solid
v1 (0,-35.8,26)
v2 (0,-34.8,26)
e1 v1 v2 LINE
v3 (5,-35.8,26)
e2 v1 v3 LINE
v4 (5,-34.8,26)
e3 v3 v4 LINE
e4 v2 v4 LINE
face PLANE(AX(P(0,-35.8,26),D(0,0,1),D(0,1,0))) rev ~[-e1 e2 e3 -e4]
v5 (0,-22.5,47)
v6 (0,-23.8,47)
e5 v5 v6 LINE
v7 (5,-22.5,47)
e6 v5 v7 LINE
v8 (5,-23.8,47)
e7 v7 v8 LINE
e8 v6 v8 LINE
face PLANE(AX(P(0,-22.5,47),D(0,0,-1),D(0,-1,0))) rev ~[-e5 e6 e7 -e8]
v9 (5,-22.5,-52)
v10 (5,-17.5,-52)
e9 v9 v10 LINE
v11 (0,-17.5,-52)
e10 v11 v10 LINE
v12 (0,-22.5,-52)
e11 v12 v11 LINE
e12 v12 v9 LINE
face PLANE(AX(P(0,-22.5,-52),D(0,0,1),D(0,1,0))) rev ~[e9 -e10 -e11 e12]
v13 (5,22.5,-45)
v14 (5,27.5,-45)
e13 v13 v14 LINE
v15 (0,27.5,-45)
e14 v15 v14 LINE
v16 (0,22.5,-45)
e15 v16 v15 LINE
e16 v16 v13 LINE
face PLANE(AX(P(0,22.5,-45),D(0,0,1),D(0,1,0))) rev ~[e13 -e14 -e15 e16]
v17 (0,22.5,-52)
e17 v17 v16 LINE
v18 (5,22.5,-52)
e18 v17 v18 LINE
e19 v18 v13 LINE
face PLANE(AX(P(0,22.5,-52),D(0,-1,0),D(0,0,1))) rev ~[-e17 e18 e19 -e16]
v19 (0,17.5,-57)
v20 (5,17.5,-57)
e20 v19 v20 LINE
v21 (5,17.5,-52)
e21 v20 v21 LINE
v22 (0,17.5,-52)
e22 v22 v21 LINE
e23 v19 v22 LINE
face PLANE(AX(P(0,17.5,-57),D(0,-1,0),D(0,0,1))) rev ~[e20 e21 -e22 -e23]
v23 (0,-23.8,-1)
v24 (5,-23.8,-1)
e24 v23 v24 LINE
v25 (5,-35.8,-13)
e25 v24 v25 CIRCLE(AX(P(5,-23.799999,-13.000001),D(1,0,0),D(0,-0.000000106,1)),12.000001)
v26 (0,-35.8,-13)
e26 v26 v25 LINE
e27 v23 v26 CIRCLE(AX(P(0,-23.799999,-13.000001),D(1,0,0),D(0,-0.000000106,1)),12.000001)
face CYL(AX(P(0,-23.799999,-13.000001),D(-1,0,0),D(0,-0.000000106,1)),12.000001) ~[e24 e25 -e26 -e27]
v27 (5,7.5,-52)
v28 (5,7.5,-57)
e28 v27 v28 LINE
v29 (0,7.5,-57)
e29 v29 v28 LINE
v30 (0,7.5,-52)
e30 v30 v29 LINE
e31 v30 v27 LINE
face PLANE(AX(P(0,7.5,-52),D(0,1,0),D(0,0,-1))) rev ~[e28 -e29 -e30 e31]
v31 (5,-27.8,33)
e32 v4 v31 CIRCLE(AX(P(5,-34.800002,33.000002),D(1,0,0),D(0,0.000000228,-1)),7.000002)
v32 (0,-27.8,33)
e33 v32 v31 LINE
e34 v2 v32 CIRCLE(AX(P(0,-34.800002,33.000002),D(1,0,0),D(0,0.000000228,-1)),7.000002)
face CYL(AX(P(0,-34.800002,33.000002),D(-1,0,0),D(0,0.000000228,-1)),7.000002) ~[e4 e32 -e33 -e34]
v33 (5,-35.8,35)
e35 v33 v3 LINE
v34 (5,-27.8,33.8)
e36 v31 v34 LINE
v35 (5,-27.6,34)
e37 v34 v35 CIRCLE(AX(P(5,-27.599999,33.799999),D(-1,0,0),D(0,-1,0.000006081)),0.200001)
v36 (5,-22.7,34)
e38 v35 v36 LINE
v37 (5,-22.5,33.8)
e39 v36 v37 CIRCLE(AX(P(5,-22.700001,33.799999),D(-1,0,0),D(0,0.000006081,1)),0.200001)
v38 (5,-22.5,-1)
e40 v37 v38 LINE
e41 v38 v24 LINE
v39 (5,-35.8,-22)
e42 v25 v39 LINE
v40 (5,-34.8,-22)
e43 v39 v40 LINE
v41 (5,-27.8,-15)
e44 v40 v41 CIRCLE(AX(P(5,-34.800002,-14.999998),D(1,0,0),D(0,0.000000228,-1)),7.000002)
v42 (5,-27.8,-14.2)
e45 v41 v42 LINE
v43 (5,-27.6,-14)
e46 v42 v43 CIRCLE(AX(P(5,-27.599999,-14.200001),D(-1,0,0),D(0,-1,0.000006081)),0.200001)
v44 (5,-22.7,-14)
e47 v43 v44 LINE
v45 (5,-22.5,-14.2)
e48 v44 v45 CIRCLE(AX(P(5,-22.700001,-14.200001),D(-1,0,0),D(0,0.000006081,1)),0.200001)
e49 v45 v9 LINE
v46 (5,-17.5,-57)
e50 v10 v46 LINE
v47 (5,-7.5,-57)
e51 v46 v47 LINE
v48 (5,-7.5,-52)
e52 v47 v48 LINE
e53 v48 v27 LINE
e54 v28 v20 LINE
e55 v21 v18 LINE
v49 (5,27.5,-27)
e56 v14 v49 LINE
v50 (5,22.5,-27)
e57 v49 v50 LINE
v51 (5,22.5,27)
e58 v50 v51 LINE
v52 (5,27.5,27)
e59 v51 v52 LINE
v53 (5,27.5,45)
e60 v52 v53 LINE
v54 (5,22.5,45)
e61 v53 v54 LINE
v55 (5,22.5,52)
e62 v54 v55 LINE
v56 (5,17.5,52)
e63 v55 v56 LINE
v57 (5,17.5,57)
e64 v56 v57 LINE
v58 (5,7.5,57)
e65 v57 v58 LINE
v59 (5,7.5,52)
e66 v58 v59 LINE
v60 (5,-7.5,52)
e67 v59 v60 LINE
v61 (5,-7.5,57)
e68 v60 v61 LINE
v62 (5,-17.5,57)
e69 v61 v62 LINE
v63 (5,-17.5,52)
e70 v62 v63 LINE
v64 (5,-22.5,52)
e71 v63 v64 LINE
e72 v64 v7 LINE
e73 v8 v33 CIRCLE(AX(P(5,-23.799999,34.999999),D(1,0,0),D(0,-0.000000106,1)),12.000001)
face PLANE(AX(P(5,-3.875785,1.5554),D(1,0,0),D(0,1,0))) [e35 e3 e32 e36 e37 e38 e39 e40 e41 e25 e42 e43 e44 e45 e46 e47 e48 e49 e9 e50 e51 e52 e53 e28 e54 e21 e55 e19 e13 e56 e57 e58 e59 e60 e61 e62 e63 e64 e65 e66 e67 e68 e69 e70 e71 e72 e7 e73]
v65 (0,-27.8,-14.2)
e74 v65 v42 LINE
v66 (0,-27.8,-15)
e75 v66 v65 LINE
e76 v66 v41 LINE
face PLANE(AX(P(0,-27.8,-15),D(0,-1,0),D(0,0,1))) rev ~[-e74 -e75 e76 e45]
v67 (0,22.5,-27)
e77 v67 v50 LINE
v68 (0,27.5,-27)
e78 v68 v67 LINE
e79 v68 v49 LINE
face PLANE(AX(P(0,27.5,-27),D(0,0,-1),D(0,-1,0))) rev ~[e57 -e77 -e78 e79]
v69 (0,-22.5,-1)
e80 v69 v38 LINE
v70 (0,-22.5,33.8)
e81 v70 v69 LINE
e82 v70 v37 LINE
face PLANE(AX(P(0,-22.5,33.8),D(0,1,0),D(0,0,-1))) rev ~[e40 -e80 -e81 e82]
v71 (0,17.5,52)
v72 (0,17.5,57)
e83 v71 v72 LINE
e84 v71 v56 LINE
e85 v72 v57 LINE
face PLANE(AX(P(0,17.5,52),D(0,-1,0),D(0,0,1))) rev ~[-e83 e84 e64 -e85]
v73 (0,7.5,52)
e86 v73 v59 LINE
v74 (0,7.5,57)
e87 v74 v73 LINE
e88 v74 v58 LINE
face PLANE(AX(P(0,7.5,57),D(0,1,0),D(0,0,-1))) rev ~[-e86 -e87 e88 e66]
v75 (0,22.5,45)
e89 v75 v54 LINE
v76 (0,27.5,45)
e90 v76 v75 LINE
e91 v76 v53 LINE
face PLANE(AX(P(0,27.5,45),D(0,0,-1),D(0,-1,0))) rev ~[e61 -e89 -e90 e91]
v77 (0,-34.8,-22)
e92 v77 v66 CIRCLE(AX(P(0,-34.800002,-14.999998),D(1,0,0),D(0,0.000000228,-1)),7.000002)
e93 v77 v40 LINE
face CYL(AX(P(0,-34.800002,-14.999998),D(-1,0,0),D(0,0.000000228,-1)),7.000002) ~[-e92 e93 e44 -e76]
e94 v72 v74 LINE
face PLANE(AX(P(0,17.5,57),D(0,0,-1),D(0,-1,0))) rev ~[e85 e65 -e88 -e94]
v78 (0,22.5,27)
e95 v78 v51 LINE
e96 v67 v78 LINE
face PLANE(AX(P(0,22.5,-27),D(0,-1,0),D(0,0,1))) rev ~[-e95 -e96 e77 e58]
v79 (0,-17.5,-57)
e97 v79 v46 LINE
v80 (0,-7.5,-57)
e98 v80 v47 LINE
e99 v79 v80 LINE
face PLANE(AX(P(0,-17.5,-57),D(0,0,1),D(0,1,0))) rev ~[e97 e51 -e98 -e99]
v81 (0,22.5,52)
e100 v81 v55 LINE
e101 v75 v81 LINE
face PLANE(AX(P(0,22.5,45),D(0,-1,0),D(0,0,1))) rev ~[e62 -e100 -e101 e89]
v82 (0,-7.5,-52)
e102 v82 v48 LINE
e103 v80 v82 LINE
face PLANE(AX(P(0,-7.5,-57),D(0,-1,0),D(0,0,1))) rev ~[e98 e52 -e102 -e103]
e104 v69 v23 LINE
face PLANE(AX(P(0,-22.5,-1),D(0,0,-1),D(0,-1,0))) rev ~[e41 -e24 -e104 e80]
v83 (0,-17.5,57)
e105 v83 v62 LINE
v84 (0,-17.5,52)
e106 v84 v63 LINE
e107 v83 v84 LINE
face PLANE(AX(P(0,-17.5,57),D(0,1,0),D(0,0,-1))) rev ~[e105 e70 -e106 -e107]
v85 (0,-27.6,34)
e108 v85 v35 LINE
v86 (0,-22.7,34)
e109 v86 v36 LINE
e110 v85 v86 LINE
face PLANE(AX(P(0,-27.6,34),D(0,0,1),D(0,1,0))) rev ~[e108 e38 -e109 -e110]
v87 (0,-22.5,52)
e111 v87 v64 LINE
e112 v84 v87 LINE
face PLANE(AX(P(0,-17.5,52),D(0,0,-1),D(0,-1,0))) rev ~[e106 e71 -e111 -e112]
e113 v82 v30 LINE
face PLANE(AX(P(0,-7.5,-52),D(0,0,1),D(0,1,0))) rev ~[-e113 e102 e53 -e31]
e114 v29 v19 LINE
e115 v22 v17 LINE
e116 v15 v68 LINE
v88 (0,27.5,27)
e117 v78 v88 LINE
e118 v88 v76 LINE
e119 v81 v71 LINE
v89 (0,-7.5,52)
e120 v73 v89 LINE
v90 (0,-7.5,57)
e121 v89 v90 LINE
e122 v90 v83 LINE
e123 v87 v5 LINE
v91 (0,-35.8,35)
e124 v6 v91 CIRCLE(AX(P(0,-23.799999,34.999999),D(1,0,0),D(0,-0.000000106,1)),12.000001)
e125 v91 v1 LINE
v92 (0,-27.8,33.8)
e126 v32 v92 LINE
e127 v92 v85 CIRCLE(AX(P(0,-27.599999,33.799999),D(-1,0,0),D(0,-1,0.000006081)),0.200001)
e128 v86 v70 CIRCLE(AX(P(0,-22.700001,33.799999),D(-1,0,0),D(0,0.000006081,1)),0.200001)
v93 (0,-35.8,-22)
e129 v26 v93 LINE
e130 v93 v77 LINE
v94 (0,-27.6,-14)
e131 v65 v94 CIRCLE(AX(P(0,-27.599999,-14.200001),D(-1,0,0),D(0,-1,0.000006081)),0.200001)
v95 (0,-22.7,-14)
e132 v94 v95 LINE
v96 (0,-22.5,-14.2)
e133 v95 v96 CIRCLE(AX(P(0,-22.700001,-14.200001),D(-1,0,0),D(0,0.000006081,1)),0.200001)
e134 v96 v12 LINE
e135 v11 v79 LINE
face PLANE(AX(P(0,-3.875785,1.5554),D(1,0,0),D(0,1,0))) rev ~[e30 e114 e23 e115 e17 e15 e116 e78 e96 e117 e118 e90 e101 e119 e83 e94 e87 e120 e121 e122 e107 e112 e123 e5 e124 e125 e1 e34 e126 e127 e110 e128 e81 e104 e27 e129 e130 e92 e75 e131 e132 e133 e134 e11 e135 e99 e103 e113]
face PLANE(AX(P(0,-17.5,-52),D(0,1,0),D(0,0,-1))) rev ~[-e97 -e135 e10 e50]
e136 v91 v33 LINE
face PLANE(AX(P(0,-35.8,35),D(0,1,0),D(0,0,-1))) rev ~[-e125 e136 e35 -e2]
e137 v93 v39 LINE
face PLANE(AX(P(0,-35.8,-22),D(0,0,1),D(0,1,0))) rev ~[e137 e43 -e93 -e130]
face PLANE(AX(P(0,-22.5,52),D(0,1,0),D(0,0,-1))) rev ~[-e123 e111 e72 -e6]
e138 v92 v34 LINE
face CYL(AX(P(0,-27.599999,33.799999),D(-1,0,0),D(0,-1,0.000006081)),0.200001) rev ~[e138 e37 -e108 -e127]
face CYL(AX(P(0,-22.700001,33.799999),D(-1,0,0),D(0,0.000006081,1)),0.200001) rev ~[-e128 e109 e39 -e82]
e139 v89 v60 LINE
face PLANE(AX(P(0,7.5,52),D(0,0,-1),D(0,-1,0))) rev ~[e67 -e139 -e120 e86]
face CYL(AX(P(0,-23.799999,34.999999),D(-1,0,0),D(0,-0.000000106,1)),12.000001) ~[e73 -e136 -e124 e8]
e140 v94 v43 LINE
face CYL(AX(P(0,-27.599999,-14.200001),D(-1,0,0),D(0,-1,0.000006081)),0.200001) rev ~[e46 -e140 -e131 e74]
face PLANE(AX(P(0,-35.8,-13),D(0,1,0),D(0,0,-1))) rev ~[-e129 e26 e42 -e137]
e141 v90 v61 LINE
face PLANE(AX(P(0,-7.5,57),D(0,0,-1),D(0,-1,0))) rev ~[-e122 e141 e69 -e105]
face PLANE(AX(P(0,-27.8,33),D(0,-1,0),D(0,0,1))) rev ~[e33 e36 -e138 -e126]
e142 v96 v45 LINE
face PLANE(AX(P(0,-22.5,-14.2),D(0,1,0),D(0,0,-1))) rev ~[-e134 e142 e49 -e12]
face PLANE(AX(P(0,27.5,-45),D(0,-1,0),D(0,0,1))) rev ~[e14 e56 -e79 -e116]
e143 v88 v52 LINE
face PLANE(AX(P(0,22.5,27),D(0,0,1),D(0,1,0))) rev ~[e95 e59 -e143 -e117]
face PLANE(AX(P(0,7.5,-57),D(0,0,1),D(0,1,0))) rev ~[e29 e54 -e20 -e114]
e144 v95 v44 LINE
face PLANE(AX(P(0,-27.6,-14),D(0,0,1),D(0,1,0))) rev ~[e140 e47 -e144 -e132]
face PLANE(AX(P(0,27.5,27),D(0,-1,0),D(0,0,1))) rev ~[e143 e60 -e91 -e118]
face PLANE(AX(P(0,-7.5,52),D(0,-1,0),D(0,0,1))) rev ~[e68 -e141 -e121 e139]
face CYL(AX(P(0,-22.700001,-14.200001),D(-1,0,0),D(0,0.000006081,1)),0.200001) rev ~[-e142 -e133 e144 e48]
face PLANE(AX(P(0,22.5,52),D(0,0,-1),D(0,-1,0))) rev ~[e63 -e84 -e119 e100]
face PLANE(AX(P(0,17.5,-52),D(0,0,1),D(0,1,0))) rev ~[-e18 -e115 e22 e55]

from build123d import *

# Parameters (mm, degrees)
F1_DEPTH = 5


with BuildPart() as f1:
    # F0 (on Right) → F1 (new body)
    with BuildSketch(Plane.YZ):
        with BuildLine():
            Line((-17.5, 52), (-22.5, 52))
            Line((-22.5, 52), (-22.5, 47))
            Line((-22.5, 47), (-23.8, 47))
            ThreePointArc((-23.8, 47), (-32.285281, 43.485281), (-35.8, 35))
            Line((-35.8, 35), (-35.8, 26))
            Line((-35.8, 26), (-34.8, 26))
            ThreePointArc((-34.8, 26), (-29.850253, 28.050253), (-27.8, 33))
            Line((-27.8, 33), (-27.8, 33.8))
            ThreePointArc((-27.8, 33.8), (-27.741421, 33.941421), (-27.6, 34))
            Line((-27.6, 34), (-22.7, 34))
            ThreePointArc((-22.7, 34), (-22.558579, 33.941421), (-22.5, 33.8))
            Line((-22.5, 33.8), (-22.5, -1))
            Line((-22.5, -1), (-23.8, -1))
            ThreePointArc((-23.8, -1), (-32.285281, -4.514719), (-35.8, -13))
            Line((-35.8, -13), (-35.8, -22))
            Line((-35.8, -22), (-34.8, -22))
            ThreePointArc((-34.8, -22), (-29.850253, -19.949747), (-27.8, -15))
            Line((-27.8, -15), (-27.8, -14.2))
            ThreePointArc((-27.8, -14.2), (-27.741421, -14.058579), (-27.6, -14))
            Line((-27.6, -14), (-22.7, -14))
            ThreePointArc((-22.7, -14), (-22.558579, -14.058579), (-22.5, -14.2))
            Line((-22.5, -14.2), (-22.5, -52))
            Line((-22.5, -52), (-17.5, -52))
            Line((-17.5, -52), (-17.5, -57))
            Line((-17.5, -57), (-7.5, -57))
            Line((-7.5, -57), (-7.5, -52))
            Line((-7.5, -52), (7.5, -52))
            Line((7.5, -52), (7.5, -57))
            Line((7.5, -57), (17.5, -57))
            Line((17.5, -57), (17.5, -52))
            Line((17.5, -52), (22.5, -52))
            Line((22.5, -52), (22.5, -45))
            Line((22.5, -45), (27.5, -45))
            Line((27.5, -45), (27.5, -27))
            Line((27.5, -27), (22.5, -27))
            Line((22.5, -27), (22.5, 27))
            Line((22.5, 27), (27.5, 27))
            Line((27.5, 27), (27.5, 45))
            Line((27.5, 45), (22.5, 45))
            Line((22.5, 45), (22.5, 52))
            Line((22.5, 52), (17.5, 52))
            Line((17.5, 52), (17.5, 57))
            Line((17.5, 57), (7.5, 57))
            Line((7.5, 57), (7.5, 52))
            Line((7.5, 52), (-7.5, 52))
            Line((-7.5, 52), (-7.5, 57))
            Line((-7.5, 57), (-17.5, 57))
            Line((-17.5, 57), (-17.5, 52))
        make_face()
    extrude(amount=F1_DEPTH)


solid = f1.part
